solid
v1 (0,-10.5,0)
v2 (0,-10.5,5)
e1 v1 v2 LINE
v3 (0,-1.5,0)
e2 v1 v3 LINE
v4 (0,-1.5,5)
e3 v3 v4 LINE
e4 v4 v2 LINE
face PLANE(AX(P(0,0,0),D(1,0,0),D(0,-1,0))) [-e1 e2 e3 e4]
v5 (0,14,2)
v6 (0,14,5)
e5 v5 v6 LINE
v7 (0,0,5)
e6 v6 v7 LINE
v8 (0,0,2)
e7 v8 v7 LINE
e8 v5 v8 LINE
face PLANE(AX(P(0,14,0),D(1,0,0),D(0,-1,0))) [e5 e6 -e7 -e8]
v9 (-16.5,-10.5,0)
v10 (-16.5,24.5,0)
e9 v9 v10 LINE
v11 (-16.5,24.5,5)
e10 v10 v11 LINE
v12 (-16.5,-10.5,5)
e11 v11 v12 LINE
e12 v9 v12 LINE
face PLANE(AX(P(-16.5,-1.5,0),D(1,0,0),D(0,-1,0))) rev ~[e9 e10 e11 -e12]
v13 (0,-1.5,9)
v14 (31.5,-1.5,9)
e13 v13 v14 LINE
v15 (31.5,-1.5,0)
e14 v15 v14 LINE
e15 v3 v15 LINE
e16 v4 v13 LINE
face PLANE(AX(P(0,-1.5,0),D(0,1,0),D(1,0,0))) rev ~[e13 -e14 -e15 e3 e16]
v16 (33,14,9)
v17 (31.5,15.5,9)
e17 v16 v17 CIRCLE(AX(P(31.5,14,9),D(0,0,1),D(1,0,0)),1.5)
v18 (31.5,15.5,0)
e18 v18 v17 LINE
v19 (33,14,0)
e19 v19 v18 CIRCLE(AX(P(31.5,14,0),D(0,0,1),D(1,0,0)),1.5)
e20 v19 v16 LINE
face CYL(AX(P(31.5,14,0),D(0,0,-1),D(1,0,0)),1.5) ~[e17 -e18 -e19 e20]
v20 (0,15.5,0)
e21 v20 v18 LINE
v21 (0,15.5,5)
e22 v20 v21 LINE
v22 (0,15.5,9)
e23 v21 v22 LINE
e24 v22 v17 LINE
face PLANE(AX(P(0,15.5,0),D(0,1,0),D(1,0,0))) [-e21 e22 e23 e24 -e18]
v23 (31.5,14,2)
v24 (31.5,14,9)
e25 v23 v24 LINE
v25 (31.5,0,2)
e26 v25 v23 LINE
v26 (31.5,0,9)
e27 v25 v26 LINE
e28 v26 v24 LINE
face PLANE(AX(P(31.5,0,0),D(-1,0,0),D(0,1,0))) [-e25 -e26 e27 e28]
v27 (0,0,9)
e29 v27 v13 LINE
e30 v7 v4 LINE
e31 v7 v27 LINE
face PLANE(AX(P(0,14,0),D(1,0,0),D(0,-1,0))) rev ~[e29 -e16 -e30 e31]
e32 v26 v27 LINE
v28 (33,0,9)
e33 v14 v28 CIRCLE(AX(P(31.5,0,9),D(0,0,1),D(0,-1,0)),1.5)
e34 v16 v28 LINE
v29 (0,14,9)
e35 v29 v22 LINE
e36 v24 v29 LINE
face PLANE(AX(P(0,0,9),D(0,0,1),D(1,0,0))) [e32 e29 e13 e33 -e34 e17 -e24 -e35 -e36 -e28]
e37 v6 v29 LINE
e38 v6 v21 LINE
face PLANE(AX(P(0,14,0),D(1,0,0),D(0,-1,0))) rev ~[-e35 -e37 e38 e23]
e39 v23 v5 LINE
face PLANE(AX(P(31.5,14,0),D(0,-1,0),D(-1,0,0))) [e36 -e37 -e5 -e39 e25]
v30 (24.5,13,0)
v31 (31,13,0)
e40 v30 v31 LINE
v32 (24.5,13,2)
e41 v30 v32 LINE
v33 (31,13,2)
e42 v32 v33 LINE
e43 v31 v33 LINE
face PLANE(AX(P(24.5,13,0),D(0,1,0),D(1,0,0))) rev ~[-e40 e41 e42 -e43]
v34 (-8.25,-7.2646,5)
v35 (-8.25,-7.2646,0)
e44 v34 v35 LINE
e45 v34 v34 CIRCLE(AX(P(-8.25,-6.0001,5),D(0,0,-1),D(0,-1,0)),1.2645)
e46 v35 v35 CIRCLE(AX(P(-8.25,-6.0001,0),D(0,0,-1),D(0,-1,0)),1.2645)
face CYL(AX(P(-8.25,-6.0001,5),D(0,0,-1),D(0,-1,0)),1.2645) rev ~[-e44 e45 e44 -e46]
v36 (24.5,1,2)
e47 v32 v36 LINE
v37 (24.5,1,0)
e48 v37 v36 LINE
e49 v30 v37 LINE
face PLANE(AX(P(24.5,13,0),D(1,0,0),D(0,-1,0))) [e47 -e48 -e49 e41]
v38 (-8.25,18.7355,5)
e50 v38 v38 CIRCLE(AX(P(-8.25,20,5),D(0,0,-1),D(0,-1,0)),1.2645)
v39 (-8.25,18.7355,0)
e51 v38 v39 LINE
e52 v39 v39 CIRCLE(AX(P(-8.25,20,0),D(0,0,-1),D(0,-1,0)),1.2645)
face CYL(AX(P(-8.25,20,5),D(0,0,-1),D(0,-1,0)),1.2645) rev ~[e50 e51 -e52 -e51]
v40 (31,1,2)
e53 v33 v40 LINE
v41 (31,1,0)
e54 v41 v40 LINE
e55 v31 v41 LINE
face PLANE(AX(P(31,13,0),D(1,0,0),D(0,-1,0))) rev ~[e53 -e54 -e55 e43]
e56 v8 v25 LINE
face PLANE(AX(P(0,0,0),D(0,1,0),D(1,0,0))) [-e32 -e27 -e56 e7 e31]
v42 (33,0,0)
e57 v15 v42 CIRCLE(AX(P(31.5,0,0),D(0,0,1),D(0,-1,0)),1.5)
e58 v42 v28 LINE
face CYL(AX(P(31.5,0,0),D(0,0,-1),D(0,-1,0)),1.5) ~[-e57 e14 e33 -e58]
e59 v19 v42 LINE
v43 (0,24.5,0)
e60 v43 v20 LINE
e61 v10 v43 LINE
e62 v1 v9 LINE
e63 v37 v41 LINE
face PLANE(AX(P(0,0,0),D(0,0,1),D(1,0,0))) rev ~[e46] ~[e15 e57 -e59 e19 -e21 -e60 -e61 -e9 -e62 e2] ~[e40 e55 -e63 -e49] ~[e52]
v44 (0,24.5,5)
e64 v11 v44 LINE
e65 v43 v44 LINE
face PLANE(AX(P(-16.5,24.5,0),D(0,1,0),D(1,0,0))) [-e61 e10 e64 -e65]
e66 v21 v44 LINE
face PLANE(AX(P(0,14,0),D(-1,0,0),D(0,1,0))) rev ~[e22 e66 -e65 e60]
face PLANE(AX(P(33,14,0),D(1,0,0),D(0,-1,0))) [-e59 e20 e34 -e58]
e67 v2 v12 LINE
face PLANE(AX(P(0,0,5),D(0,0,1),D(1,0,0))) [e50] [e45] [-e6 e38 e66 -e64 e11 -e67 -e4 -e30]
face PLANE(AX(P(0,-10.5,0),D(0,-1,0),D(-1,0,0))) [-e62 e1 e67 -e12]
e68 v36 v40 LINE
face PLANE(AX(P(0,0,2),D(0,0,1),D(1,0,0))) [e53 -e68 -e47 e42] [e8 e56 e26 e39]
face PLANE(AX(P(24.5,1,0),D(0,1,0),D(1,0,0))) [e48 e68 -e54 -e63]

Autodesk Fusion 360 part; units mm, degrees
sketch "Schizzo1" plane through (0, 0, 0) normal (0, 0, 1) x (1, 0, 0)
  line L0 (0, 0) -> (31.5, 0)
  line L1 (31.5, 0) -> (31.5, 14)
  line L2 (31.5, 14) -> (0, 14)
  line L3 (0, 14) -> (0, 0)
  line L4 (0, 14) -> (0, 15.5)
  line L5 (0, 15.5) -> (31.5, 15.5)
  line L6 (0, 0) -> (0, -1.5)
  line L7 (0, -1.5) -> (31.5, -1.5)
  line L8 (33, 14) -> (33, 0)
  arc A0 (31.5, -1.5) -> (33, 0) centre (31.5, 0) ccw
  arc A1 (33, 14) -> (31.5, 15.5) centre (31.5, 14) ccw
  line L9 (0, 0) -> (-6.5, 0)
  line L10 (0, 14) -> (-6.5, 14)
  line L11 (-6.5, 14) -> (-6.5, 0)
  line L12 (0, -1.5) -> (-6.5, -1.5)
  line L13 (-6.5, -1.5) -> (-6.5, 0)
  line L14 (-6.5, 14) -> (-6.5, 15.5)
  line L15 (-6.5, 15.5) -> (0, 15.5)
  line L16 (-6.5, 15.5) -> (-16.5, 15.5)
  line L17 (-6.5, 0) -> (-16.5, 0)
  line L18 (-16.5, 15.5) -> (-16.5, 0)
  line L19 (-6.5, -1.5) -> (-16.5, -1.5)
  line L20 (-16.5, -1.5) -> (-16.5, 0)
  line L21 (-6.5, 14) -> (-16.5, 14)
  line L22 (-16.5, -1.5) -> (-16.5, -10.5)
  line L23 (0, -1.5) -> (0, -10.5)
  line L24 (0, -10.5) -> (-16.5, -10.5)
  line L25 (-16.5, 15.5) -> (-16.5, 24.5)
  line L26 (0, 15.5) -> (0, 24.5)
  line L27 (-16.5, 24.5) -> (0, 24.5)
  circle A2 centre (-8.25, -6) radius 1.5
  circle A3 centre (-8.25, 20) radius 1.5
  line L28 (31.5, 0) -> (24.5, 0)
  line L29 (24.5, 1) -> (31, 1)
  line L30 (24.5, 13) -> (31, 13)
  line L31 (31, 13) -> (31, 1)
  line L32 (24.5, 13) -> (24.5, 1)
  dimension "d1" = 31.5
  dimension "d2" = 14
  dimension "d3" = 1.5
  dimension "d4" = 1.5
  dimension "d5" = 1.5
  dimension "d6" = 1.5
  dimension "d7" = 1.5
  dimension "d8" = 1.5
  dimension "d9" = 6.5
  dimension "d10" = 6.5
  dimension "d11" = 10
  dimension "d12" = 10
  dimension "d13" = 9
  dimension "d14" = 9
  dimension "d15" = 9
  dimension "d16" = 9
  dimension "d17" = 3
  dimension "d18" = 3
  dimension "d19" = 7
  dimension "d20" = 1
  dimension "d21" = 6.5
  dimension "d23" = 6.5
extrude "Estrusione1" add sketch "Schizzo1" along normal blind 2 contours L0 L1 L2 L3 L28 makes body 1
extrude "Estrusione2" add sketch "Schizzo1" along normal blind 9 contours L0 L1 L2 L4 L5 L6 L7 L8 A0 A1 L28 bodies 1
extrude "Estrusione3" add sketch "Schizzo1" along normal blind 5 separate body contours L3 L9 L10 L11 makes body 2
extrude "Estrusione4" add sketch "Schizzo1" along normal blind 5 contours L6 L9 L12 L13 | L4 L10 L14 L15 | L12 L19 L22 L23 L24 | L11 L17 L18 L21 | L13 L17 L19 L20 | L15 L16 L25 L26 L27 | L14 L16 L18 L21 bodies 1 2
extrude "Estrusione5" add sketch "Schizzo1" along normal blind 5 contours A3 bodies 1
extrude "Estrusione6" add sketch "Schizzo1" along normal blind 5 contours A2 bodies 1
hole "Foratura1" at (-8.25, 20, 5) direction (0, 0, -1) diameter 2.529 depth 6 tip angle 118 bodies 1
hole "Foratura2" at (-8.25, -6.0001, 5) direction (0, 0, -1) diameter 2.529 depth 6 tip angle 118 bodies 1
